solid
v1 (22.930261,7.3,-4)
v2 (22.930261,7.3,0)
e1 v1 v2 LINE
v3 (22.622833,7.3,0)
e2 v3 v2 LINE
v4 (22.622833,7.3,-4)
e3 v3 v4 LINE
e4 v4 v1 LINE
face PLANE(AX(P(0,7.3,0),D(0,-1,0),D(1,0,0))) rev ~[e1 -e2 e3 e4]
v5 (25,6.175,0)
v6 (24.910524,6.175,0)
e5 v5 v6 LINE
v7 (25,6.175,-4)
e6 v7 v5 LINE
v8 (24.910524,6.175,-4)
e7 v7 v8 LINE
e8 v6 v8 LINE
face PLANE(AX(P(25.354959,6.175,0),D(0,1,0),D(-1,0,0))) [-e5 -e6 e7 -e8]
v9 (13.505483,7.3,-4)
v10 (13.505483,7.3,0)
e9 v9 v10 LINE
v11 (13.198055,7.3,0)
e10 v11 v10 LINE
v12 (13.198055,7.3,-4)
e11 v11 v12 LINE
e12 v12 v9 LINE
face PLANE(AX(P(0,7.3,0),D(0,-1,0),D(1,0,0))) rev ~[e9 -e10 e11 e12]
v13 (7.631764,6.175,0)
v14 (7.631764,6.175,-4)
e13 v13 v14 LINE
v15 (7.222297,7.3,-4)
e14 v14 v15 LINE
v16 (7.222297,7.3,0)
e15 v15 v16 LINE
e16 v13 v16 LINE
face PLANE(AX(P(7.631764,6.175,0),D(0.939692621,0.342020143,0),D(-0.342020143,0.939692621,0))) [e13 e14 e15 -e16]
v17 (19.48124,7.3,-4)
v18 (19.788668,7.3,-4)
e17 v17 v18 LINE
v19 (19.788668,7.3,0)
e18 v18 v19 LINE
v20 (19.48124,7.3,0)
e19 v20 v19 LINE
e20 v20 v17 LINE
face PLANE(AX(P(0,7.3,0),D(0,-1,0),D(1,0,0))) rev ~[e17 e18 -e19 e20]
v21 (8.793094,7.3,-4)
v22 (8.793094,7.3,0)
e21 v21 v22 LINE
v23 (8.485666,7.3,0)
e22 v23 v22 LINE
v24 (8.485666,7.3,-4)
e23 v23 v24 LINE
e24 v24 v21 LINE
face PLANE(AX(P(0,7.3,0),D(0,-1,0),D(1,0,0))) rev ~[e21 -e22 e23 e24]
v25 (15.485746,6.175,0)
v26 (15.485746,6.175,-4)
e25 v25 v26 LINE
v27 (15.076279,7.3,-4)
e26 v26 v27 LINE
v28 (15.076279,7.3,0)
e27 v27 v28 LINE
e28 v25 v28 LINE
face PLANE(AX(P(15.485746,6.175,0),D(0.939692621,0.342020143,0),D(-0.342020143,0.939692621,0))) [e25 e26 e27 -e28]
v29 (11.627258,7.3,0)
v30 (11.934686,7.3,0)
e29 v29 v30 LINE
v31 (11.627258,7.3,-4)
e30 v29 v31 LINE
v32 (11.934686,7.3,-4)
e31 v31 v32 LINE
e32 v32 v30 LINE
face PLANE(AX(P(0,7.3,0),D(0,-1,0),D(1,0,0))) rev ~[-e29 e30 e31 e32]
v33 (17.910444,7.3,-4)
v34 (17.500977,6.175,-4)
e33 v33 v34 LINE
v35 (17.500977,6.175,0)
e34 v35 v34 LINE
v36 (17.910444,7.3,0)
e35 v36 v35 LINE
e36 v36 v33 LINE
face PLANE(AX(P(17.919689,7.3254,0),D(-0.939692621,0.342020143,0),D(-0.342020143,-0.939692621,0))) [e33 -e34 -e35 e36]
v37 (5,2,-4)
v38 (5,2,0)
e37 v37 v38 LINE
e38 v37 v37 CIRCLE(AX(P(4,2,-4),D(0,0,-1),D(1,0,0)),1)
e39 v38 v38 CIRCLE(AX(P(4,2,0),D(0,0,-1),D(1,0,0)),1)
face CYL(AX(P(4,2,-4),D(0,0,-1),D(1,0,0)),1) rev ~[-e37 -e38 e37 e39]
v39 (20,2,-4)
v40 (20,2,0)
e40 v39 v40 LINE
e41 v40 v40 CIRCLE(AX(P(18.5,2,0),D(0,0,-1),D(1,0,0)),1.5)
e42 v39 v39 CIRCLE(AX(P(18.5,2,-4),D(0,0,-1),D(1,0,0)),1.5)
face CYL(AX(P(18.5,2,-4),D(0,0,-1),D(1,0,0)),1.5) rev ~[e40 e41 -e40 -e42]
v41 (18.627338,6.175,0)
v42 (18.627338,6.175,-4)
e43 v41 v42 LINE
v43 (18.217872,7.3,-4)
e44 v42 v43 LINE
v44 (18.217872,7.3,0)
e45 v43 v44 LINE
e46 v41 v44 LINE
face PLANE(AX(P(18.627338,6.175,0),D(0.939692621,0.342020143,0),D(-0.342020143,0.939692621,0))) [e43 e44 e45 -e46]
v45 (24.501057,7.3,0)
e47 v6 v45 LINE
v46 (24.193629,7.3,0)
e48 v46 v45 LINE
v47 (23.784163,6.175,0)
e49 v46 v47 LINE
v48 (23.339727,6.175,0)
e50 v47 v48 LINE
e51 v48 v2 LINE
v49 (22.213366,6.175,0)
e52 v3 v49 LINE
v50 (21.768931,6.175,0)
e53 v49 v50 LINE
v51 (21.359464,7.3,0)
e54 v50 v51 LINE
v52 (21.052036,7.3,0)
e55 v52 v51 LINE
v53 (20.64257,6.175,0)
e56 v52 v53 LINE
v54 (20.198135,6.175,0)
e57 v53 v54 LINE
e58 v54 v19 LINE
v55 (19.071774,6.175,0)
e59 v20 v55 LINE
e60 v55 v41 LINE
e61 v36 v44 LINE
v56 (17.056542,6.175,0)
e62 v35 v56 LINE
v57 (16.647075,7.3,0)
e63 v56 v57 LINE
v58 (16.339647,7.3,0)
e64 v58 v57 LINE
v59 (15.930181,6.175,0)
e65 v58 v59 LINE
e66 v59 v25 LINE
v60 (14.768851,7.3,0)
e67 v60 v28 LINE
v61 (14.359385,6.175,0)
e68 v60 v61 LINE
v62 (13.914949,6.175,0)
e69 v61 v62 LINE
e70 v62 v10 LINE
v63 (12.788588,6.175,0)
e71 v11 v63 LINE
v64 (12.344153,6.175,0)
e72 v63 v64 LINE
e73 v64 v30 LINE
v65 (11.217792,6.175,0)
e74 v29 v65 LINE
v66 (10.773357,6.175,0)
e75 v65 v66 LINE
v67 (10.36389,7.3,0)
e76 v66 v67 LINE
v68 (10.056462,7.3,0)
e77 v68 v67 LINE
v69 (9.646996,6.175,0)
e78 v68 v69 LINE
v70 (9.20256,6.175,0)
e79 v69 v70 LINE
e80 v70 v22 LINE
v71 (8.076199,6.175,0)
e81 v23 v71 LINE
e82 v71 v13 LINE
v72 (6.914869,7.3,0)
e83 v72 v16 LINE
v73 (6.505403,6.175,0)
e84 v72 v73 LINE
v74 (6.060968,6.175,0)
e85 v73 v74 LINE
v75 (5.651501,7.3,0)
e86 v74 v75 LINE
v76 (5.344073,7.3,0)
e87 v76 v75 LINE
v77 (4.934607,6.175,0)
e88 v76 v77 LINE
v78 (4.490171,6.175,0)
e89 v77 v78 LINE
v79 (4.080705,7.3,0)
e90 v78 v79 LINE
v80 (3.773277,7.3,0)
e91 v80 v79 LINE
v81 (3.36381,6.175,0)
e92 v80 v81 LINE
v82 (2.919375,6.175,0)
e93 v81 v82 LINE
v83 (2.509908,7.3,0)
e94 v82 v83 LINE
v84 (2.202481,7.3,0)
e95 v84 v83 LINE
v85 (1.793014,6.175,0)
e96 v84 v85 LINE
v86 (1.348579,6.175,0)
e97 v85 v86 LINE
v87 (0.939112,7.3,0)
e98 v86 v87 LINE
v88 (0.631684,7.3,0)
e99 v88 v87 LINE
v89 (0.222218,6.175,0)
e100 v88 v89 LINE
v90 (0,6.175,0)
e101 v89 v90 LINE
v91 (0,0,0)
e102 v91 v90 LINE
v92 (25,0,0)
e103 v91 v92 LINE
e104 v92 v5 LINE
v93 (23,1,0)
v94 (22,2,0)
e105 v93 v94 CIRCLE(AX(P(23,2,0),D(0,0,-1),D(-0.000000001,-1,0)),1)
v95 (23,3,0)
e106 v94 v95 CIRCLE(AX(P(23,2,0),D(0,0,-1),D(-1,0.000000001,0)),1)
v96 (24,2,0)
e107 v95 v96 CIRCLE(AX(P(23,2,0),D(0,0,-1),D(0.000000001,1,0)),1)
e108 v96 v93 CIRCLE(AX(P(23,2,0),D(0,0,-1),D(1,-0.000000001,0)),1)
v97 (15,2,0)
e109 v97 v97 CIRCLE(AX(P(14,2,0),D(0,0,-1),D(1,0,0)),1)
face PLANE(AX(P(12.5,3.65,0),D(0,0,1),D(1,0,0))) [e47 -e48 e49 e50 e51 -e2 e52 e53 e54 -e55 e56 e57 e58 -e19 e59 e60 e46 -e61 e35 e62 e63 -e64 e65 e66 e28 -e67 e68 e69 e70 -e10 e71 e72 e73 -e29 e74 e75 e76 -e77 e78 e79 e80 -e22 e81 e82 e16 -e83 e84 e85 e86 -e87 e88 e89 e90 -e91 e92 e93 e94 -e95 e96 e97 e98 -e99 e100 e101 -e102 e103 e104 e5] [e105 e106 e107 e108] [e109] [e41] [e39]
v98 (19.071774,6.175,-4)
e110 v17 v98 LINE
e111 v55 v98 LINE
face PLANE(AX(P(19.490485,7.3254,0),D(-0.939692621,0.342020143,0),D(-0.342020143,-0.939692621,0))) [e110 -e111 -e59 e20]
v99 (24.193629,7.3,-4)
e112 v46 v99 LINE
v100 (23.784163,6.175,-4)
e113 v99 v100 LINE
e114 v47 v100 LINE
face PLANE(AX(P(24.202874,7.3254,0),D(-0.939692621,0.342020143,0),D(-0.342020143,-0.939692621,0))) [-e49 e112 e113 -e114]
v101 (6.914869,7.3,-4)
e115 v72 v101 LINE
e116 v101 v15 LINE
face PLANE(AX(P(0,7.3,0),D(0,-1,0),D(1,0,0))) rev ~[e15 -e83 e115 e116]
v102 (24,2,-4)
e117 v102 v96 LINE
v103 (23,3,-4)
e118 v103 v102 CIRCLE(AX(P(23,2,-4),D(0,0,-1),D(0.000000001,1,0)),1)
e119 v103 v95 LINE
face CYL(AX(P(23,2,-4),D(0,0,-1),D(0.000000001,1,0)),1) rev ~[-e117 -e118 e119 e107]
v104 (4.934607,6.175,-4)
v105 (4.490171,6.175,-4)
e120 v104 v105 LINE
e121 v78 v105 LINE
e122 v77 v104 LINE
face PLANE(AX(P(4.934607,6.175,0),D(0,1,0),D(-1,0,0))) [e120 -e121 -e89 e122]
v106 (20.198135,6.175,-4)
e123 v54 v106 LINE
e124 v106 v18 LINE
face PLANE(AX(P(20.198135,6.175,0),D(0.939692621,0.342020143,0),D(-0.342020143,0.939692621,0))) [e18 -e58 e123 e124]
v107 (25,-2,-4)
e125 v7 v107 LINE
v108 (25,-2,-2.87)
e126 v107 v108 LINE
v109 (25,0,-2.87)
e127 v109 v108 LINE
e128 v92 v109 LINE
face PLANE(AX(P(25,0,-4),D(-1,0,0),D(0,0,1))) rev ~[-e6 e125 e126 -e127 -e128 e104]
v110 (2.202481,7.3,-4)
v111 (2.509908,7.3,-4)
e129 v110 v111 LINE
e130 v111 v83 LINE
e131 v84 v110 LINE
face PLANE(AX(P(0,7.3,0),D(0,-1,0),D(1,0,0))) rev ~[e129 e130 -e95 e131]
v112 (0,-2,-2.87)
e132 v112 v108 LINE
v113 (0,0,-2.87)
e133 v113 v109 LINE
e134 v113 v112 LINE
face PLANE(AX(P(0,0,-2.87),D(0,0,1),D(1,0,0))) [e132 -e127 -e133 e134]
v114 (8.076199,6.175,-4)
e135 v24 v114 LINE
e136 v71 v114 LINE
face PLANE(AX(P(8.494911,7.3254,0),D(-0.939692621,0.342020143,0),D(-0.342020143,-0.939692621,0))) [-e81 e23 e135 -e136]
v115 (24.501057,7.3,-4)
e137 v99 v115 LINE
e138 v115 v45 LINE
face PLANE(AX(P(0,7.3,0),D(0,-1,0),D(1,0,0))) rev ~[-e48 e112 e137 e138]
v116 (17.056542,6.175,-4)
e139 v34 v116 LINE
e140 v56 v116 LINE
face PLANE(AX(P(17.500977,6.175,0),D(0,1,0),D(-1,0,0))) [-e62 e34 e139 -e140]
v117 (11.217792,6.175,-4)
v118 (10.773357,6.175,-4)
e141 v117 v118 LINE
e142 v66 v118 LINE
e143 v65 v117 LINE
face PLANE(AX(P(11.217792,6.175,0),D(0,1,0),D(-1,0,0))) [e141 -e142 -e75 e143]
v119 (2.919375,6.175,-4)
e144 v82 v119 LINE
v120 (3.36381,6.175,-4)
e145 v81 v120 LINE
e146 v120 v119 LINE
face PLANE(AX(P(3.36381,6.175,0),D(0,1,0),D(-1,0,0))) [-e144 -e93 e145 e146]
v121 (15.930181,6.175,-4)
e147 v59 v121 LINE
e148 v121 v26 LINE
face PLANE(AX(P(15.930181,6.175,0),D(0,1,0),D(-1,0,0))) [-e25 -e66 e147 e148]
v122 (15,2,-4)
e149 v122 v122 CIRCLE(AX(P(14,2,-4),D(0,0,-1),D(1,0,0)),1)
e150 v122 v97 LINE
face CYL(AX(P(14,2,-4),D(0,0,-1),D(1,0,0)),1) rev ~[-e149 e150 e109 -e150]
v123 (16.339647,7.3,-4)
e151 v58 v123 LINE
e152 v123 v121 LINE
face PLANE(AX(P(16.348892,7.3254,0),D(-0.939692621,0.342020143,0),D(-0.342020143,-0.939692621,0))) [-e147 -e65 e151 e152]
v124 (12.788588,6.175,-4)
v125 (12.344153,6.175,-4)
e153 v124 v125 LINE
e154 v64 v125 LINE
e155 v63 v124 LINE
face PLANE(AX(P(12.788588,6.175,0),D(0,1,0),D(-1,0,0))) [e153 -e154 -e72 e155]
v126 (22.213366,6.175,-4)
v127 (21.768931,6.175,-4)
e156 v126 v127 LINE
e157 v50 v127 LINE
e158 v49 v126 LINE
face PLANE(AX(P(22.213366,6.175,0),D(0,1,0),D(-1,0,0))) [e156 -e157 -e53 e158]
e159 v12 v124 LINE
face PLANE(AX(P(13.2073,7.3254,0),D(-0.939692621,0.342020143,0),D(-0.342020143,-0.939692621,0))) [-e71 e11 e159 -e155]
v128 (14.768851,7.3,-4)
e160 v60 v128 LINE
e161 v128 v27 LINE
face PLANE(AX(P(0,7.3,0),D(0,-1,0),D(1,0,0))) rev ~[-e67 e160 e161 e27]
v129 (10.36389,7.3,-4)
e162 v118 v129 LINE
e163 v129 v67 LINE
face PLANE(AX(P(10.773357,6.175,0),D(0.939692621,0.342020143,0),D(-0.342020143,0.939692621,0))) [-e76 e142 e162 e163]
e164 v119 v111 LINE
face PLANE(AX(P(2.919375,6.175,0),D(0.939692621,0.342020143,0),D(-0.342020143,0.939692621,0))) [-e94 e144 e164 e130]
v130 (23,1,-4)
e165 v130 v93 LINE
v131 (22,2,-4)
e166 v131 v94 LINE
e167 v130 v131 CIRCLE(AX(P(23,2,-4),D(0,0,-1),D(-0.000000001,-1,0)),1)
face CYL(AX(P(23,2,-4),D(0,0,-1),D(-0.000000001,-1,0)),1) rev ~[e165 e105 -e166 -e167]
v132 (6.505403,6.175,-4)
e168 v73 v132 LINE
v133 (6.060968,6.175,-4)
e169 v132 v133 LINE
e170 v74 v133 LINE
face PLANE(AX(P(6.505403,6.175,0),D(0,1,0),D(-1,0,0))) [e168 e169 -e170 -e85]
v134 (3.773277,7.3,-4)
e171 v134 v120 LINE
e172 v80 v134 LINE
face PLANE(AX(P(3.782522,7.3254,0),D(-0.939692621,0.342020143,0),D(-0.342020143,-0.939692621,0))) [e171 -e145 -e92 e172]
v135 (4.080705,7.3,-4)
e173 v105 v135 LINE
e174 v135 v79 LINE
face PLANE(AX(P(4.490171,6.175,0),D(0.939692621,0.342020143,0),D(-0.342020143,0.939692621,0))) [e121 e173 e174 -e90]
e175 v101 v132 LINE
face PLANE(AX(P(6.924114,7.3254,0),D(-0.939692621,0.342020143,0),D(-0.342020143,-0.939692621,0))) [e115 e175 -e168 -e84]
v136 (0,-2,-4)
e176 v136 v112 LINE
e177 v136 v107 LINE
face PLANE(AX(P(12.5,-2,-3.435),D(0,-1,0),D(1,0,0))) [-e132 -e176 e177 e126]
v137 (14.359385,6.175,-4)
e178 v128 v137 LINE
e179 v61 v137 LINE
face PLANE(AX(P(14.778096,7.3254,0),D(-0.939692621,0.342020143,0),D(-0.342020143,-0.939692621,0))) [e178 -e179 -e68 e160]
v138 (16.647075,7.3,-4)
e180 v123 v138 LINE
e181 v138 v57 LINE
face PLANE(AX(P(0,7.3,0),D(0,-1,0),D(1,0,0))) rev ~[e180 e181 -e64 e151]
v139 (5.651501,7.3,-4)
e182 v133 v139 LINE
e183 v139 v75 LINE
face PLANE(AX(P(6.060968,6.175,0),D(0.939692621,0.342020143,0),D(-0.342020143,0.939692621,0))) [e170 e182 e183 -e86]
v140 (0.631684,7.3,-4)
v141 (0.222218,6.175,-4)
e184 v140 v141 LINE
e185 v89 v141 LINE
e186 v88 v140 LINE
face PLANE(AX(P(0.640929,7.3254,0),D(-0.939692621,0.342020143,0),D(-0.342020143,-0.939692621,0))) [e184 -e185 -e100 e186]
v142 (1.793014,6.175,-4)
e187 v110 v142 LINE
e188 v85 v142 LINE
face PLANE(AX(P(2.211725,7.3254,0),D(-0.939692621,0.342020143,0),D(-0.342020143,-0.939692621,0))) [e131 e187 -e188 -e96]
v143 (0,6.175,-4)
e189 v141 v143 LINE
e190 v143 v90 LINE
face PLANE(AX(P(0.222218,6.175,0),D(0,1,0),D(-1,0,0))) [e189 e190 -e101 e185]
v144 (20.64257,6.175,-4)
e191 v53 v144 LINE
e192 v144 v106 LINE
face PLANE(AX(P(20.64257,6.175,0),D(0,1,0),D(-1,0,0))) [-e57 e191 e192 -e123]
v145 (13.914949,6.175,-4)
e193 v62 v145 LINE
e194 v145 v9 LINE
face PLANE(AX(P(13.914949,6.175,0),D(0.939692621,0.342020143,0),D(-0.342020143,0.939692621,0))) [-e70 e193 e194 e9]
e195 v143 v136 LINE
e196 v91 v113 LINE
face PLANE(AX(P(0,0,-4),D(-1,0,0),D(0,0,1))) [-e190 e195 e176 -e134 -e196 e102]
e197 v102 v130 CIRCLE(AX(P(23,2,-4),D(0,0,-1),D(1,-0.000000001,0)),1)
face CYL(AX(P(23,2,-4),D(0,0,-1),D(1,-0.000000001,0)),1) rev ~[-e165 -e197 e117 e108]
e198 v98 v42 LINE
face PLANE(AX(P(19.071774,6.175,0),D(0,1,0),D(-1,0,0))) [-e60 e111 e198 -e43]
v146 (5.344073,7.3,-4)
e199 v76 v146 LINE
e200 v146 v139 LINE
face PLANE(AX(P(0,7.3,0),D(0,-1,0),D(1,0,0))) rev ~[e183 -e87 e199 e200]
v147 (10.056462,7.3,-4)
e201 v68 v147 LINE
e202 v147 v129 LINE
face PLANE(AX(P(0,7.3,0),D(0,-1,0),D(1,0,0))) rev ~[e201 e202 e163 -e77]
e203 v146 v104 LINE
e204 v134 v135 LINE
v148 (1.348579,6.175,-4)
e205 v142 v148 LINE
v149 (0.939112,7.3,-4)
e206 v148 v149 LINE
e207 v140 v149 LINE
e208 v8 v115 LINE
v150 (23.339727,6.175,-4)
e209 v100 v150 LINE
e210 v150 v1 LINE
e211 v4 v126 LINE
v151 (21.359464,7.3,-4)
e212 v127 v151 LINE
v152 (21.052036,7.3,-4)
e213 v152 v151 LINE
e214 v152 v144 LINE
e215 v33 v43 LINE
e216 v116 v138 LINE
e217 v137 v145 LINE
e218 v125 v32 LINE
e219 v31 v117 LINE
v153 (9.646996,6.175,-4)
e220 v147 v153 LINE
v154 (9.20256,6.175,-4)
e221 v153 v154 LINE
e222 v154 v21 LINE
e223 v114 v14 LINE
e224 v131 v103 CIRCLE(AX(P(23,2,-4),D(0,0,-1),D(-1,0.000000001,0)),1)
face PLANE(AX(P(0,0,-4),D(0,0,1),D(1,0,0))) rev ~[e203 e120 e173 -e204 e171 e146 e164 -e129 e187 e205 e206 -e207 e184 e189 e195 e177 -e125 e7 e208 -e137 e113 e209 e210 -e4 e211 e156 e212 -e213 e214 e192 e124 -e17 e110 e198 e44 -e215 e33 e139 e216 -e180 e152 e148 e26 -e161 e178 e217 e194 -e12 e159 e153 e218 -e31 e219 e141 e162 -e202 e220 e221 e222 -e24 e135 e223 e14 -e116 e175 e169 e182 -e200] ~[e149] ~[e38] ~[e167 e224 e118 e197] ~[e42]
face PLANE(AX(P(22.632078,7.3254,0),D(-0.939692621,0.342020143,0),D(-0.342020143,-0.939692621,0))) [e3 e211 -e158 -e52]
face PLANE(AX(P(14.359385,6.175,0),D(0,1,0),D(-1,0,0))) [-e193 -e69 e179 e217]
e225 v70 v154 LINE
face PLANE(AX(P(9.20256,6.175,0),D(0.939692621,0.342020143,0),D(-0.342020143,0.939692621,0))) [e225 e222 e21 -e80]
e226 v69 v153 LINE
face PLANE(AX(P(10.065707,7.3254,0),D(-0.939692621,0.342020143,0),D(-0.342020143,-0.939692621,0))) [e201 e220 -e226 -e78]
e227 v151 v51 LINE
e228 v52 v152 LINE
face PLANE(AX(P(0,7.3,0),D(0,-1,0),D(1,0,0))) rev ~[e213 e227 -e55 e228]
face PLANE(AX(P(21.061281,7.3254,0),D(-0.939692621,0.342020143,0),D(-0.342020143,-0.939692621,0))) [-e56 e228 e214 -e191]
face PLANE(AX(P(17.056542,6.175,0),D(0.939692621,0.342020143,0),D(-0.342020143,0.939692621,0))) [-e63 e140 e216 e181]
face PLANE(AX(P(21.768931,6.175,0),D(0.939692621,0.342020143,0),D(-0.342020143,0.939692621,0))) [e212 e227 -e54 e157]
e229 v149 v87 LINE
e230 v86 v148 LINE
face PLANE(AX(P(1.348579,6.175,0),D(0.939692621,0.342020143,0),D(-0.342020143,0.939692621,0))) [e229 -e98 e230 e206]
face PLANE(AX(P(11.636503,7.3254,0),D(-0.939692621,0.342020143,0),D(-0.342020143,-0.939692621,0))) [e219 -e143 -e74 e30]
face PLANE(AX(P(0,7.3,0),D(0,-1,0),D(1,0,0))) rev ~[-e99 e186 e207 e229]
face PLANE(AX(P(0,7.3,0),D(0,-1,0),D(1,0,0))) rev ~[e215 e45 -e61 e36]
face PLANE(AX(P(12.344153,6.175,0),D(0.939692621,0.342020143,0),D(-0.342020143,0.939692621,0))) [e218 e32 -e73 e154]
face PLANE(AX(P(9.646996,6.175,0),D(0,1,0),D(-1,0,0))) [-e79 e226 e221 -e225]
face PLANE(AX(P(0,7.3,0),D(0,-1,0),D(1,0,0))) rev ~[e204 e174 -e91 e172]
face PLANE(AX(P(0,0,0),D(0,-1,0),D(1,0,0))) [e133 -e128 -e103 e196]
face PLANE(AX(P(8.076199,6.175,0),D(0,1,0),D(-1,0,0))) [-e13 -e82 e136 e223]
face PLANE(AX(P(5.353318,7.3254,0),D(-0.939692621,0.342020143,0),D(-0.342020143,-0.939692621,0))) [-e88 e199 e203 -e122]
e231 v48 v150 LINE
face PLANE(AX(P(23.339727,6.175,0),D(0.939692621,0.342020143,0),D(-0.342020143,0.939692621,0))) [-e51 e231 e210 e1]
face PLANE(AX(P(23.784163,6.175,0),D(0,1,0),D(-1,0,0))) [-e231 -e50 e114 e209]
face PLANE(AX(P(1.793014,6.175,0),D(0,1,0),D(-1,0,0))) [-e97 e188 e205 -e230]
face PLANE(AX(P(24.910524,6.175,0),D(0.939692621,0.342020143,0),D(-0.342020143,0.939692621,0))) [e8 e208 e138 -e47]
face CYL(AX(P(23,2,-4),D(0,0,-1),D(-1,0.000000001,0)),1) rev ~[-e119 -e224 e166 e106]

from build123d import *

# Parameters (mm, degrees)
BLANKSKE_W          = 25
BLANKSKE_H          = 7.3
BLANK_DEPTH         = 4
TOOTHCUTSIM_DEPTH   = 27.349383294
TEETHCUTS_COUNT     = 17
TEETHCUTS_PITCH     = 1.570796325
CUT_EXTRUDE1_DEPTH  = 27.349383294
SKETCH4_W           = 25
SKETCH4_H           = 1.13
BOSS_EXTRUDE1_DEPTH = 2


with BuildPart() as part:
    # BlankSke → Blank (new body)
    with BuildSketch(Plane.XY):
        with Locations((12.5, 3.65)):
            Rectangle(BLANKSKE_W, BLANKSKE_H)
    extrude(amount=-BLANK_DEPTH)

    # TooCutSkeSim → ToothCutSim (cut, through all)
    with BuildSketch(Plane.XY):
        Polygon((0.222217685, 6.175), (-0.222217685, 6.175), (-0.640929042, 7.3254), (0.640929042, 7.3254), align=None)
    toothcutsim = extrude(amount=-TOOTHCUTSIM_DEPTH, mode=Mode.SUBTRACT)

    # TeethCuts: ToothCutSim ×17
    with Locations(*[(i * TEETHCUTS_PITCH, 0, 0) for i in range(1, TEETHCUTS_COUNT)]):
        add(toothcutsim, mode=Mode.SUBTRACT)

    # Sketch1 → Cut-Extrude1 (cut, through all)
    with BuildSketch(Plane(origin=(0, 0, -4), x_dir=(-1, 0, 0), z_dir=(0, 0, -1))):
        with BuildLine():
            Line((-23, 1), (-23, 2))
            Line((-23, 2), (-24, 2))
            ThreePointArc((-24, 2), (-23.707106781, 1.292893219), (-23, 1))
        make_face()
        with BuildLine():
            Line((-24, 2), (-23, 2))
            Line((-23, 2), (-23, 3))
            ThreePointArc((-23, 3), (-23.707106781, 2.707106781), (-24, 2))
        make_face()
        with BuildLine():
            Line((-23, 3), (-23, 2))
            Line((-23, 2), (-23, 1))
            ThreePointArc((-23, 1), (-22.292893219, 1.292893219), (-22, 2))
            ThreePointArc((-22, 2), (-22.292893219, 2.707106781), (-23, 3))
        make_face()
        with BuildLine():
            ThreePointArc((-17, 2), (-18.5, 3.5), (-20, 2))
            Line((-20, 2), (-17, 2))
        make_face()
        with BuildLine():
            Line((-17, 2), (-20, 2))
            ThreePointArc((-20, 2), (-18.5, 0.5), (-17, 2))
        make_face()
        with BuildLine():
            ThreePointArc((-13, 2), (-14, 3), (-15, 2))
            Line((-15, 2), (-13, 2))
        make_face()
        with BuildLine():
            Line((-13, 2), (-15, 2))
            ThreePointArc((-15, 2), (-14, 1), (-13, 2))
        make_face()
        with BuildLine():
            ThreePointArc((-3, 2), (-4, 3), (-5, 2))
            Line((-5, 2), (-3, 2))
        make_face()
        with BuildLine():
            Line((-3, 2), (-5, 2))
            ThreePointArc((-5, 2), (-4, 1), (-3, 2))
        make_face()
    extrude(amount=-CUT_EXTRUDE1_DEPTH, mode=Mode.SUBTRACT)

    # Sketch4 → Boss-Extrude1 (add)
    with BuildSketch(Plane.XZ):
        with Locations((12.5, -3.435)):
            Rectangle(SKETCH4_W, SKETCH4_H)
    extrude(amount=BOSS_EXTRUDE1_DEPTH)


solid = part.part
